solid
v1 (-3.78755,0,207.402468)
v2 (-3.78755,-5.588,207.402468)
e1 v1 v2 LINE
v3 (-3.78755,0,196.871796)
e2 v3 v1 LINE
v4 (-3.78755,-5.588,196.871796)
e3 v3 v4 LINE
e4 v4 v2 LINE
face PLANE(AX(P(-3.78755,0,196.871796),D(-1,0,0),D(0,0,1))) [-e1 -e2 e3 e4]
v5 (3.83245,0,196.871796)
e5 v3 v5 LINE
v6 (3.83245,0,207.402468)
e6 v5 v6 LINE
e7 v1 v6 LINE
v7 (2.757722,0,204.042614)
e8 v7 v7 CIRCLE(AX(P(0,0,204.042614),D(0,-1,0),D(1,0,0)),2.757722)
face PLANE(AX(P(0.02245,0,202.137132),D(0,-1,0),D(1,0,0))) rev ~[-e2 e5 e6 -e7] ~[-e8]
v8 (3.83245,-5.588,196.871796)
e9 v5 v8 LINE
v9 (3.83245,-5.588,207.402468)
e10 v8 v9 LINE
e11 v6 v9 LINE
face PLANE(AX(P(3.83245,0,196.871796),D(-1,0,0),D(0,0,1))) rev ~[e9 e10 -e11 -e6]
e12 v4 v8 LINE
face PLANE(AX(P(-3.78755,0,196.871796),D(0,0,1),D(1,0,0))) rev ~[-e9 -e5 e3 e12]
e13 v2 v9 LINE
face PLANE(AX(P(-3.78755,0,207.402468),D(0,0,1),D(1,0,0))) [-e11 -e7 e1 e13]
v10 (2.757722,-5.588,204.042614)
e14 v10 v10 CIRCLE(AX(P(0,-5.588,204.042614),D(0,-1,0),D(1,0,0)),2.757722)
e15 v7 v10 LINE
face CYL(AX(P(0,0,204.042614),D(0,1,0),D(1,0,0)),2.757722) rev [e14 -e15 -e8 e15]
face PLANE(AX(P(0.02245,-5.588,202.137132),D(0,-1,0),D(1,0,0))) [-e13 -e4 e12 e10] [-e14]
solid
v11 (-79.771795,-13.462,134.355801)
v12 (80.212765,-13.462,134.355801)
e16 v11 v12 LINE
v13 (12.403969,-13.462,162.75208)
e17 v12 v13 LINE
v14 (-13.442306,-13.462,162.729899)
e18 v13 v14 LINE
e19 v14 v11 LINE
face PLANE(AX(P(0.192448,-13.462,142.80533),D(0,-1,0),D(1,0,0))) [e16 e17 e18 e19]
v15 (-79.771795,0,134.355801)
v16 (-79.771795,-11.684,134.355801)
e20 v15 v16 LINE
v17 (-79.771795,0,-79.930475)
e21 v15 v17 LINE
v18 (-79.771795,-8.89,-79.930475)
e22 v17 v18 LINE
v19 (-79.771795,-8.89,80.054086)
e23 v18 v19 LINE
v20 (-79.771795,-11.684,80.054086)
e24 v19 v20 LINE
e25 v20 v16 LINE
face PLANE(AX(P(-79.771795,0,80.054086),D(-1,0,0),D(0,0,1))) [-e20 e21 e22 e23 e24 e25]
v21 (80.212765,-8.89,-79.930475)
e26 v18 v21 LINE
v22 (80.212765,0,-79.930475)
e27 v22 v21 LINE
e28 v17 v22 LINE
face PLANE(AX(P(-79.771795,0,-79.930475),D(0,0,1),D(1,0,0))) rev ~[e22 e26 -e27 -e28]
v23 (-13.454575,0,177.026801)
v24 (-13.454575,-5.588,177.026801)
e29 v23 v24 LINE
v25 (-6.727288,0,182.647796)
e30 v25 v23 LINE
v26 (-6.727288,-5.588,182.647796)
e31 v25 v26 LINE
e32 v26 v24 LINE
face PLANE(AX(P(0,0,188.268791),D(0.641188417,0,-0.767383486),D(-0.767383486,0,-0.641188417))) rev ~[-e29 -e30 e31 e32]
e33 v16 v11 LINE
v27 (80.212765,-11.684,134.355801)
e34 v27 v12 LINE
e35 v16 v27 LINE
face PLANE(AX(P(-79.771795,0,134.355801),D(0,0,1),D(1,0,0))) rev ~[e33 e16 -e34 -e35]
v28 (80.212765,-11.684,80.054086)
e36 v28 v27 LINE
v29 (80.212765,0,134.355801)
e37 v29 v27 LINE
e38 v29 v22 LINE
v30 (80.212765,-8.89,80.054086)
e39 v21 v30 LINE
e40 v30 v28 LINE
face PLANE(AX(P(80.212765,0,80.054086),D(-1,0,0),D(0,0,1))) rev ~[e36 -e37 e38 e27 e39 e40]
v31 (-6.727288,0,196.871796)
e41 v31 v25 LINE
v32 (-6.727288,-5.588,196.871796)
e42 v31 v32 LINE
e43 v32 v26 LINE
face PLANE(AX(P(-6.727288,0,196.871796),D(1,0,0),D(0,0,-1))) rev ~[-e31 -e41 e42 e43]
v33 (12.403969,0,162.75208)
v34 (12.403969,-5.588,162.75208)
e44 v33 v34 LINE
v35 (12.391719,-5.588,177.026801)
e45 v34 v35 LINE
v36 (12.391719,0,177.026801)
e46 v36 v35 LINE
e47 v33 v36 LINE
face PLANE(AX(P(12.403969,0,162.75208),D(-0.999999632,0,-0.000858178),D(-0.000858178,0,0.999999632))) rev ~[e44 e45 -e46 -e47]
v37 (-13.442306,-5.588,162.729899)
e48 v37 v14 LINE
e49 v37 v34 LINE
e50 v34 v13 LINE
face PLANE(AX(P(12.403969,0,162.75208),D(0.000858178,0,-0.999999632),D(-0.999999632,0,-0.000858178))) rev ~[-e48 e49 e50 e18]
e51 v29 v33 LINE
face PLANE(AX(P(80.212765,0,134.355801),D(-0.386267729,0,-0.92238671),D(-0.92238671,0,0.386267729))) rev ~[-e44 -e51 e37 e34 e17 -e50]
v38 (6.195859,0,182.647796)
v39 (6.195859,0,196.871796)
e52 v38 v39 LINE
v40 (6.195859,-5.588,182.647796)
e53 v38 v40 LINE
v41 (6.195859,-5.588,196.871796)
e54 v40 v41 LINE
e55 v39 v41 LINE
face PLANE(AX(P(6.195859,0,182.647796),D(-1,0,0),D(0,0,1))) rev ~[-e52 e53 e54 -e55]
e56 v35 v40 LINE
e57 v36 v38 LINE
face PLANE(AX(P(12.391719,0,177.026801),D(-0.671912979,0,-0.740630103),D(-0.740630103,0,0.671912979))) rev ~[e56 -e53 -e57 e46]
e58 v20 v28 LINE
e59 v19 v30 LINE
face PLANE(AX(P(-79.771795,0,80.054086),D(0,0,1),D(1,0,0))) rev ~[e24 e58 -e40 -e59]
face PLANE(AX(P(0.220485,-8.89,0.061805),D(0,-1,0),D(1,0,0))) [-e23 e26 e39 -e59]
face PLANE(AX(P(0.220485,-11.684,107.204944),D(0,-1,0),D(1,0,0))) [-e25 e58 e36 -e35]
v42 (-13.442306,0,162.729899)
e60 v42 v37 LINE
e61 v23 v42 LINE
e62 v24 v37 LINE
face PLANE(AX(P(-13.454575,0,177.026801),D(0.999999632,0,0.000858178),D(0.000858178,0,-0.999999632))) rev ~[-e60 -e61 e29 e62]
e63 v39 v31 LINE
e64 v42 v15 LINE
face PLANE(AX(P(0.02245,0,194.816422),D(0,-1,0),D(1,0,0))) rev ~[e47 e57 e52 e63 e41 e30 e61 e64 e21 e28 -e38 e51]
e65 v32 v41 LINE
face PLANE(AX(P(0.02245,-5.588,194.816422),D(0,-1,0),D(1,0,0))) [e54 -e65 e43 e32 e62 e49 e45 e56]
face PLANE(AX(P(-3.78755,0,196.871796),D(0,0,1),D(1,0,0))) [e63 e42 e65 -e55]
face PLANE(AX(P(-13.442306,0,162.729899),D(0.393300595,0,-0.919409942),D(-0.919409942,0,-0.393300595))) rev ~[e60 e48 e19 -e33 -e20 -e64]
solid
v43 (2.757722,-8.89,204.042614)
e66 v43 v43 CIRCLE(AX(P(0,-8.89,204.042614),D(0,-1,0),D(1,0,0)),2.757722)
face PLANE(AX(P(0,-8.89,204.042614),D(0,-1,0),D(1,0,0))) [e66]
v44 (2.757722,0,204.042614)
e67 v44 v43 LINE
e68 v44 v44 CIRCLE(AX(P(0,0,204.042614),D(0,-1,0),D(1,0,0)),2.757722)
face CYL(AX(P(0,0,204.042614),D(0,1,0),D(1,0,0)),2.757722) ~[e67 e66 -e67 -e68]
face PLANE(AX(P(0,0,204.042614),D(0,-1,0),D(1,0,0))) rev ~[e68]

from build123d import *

# Parameters (mm, degrees)
F0_W     = 159.9845605834
F0_H     = 159.9845605834
F1_DEPTH = 8.89
F0_H_2   = 54.3017156402
F2_DEPTH = 11.684
F3_DEPTH = 13.462
F4_DEPTH = 5.588
F5_DEPTH = 5.588
F6_DEPTH = 5.588
F0_W_2   = 7.62
F0_H_3   = 4.110747473
F7_DEPTH = 5.588
F0_R     = 2.7577220522
F8_DEPTH = 8.89
F0_H_4   = 10.5306715801
F9_DEPTH = 5.588


with BuildPart() as f1:
    # F0 (on Front) → F1 (new body)
    with BuildSketch(Plane.XZ):
        with Locations((0.2204851322, 0.061805434)):
            Rectangle(F0_W, F0_H)
    extrude(amount=F1_DEPTH)

    # F0 (on Front) → F2 (join)
    with BuildSketch(Plane.XZ):
        with Locations((0.2204851322, 107.2049435458)):
            Rectangle(F0_W, F0_H_2)
    extrude(amount=F2_DEPTH)

    # F0 (on Front) → F3 (join)
    with BuildSketch(Plane.XZ):
        Polygon((-79.7717951595, 134.3558013658), (80.2127654239, 134.3558013658), (12.4039688199, 162.7520798121), (-13.4423059487, 162.7298990929), align=None)
    extrude(amount=F3_DEPTH)

    # F0 (on Front) → F4 (join)
    with BuildSketch(Plane.XZ):
        Polygon((-13.4423059487, 162.7298990929), (12.4039688199, 162.7520798121), (12.39171856, 177.0268009339), (-13.4545752436, 177.0268009339), align=None)
    extrude(amount=F4_DEPTH)

    # F0 (on Front) → F5 (join)
    with BuildSketch(Plane.XZ):
        Polygon((-13.4545752436, 177.0268009339), (12.39171856, 177.0268009339), (6.19585928, 182.6477961476), (0, 188.2687913613), (-6.7272876218, 182.6477961476), align=None)
    extrude(amount=F5_DEPTH)

    # F0 (on Front) → F6 (join)
    with BuildSketch(Plane.XZ):
        Polygon((0, 188.2687913613), (6.19585928, 182.6477961476), (6.19585928, 196.8717961476), (3.8324496233, 196.8717961476), (3.8324496233, 192.7610486746), (-3.7875503767, 192.7610486746), (-3.7875503767, 196.8717961476), (-6.7272876218, 196.8717961476), (-6.7272876218, 182.6477961476), align=None)
    extrude(amount=F6_DEPTH)

    # F0 (on Front) → F7 (join)
    with BuildSketch(Plane.XZ):
        with Locations((0.0224496233, 194.8164224111)):
            Rectangle(F0_W_2, F0_H_3)
    extrude(amount=F7_DEPTH)


with BuildPart() as f8:
    # F0 (on Front) → F8 (new body)
    with BuildSketch(Plane.XZ):
        with Locations((0, 204.0426135063)):
            Circle(F0_R)
    extrude(amount=F8_DEPTH)


with BuildPart() as f9:
    # F0 (on Front) → F9 (new body)
    with BuildSketch(Plane.XZ):
        with Locations((0.0224496233, 202.1371319376)):
            Rectangle(F0_W_2, F0_H_4)
        with Locations((0, 204.0426135063)):
            Circle(F0_R, mode=Mode.SUBTRACT)
    extrude(amount=F9_DEPTH)


solid = Compound([f1.part, f8.part, f9.part])
